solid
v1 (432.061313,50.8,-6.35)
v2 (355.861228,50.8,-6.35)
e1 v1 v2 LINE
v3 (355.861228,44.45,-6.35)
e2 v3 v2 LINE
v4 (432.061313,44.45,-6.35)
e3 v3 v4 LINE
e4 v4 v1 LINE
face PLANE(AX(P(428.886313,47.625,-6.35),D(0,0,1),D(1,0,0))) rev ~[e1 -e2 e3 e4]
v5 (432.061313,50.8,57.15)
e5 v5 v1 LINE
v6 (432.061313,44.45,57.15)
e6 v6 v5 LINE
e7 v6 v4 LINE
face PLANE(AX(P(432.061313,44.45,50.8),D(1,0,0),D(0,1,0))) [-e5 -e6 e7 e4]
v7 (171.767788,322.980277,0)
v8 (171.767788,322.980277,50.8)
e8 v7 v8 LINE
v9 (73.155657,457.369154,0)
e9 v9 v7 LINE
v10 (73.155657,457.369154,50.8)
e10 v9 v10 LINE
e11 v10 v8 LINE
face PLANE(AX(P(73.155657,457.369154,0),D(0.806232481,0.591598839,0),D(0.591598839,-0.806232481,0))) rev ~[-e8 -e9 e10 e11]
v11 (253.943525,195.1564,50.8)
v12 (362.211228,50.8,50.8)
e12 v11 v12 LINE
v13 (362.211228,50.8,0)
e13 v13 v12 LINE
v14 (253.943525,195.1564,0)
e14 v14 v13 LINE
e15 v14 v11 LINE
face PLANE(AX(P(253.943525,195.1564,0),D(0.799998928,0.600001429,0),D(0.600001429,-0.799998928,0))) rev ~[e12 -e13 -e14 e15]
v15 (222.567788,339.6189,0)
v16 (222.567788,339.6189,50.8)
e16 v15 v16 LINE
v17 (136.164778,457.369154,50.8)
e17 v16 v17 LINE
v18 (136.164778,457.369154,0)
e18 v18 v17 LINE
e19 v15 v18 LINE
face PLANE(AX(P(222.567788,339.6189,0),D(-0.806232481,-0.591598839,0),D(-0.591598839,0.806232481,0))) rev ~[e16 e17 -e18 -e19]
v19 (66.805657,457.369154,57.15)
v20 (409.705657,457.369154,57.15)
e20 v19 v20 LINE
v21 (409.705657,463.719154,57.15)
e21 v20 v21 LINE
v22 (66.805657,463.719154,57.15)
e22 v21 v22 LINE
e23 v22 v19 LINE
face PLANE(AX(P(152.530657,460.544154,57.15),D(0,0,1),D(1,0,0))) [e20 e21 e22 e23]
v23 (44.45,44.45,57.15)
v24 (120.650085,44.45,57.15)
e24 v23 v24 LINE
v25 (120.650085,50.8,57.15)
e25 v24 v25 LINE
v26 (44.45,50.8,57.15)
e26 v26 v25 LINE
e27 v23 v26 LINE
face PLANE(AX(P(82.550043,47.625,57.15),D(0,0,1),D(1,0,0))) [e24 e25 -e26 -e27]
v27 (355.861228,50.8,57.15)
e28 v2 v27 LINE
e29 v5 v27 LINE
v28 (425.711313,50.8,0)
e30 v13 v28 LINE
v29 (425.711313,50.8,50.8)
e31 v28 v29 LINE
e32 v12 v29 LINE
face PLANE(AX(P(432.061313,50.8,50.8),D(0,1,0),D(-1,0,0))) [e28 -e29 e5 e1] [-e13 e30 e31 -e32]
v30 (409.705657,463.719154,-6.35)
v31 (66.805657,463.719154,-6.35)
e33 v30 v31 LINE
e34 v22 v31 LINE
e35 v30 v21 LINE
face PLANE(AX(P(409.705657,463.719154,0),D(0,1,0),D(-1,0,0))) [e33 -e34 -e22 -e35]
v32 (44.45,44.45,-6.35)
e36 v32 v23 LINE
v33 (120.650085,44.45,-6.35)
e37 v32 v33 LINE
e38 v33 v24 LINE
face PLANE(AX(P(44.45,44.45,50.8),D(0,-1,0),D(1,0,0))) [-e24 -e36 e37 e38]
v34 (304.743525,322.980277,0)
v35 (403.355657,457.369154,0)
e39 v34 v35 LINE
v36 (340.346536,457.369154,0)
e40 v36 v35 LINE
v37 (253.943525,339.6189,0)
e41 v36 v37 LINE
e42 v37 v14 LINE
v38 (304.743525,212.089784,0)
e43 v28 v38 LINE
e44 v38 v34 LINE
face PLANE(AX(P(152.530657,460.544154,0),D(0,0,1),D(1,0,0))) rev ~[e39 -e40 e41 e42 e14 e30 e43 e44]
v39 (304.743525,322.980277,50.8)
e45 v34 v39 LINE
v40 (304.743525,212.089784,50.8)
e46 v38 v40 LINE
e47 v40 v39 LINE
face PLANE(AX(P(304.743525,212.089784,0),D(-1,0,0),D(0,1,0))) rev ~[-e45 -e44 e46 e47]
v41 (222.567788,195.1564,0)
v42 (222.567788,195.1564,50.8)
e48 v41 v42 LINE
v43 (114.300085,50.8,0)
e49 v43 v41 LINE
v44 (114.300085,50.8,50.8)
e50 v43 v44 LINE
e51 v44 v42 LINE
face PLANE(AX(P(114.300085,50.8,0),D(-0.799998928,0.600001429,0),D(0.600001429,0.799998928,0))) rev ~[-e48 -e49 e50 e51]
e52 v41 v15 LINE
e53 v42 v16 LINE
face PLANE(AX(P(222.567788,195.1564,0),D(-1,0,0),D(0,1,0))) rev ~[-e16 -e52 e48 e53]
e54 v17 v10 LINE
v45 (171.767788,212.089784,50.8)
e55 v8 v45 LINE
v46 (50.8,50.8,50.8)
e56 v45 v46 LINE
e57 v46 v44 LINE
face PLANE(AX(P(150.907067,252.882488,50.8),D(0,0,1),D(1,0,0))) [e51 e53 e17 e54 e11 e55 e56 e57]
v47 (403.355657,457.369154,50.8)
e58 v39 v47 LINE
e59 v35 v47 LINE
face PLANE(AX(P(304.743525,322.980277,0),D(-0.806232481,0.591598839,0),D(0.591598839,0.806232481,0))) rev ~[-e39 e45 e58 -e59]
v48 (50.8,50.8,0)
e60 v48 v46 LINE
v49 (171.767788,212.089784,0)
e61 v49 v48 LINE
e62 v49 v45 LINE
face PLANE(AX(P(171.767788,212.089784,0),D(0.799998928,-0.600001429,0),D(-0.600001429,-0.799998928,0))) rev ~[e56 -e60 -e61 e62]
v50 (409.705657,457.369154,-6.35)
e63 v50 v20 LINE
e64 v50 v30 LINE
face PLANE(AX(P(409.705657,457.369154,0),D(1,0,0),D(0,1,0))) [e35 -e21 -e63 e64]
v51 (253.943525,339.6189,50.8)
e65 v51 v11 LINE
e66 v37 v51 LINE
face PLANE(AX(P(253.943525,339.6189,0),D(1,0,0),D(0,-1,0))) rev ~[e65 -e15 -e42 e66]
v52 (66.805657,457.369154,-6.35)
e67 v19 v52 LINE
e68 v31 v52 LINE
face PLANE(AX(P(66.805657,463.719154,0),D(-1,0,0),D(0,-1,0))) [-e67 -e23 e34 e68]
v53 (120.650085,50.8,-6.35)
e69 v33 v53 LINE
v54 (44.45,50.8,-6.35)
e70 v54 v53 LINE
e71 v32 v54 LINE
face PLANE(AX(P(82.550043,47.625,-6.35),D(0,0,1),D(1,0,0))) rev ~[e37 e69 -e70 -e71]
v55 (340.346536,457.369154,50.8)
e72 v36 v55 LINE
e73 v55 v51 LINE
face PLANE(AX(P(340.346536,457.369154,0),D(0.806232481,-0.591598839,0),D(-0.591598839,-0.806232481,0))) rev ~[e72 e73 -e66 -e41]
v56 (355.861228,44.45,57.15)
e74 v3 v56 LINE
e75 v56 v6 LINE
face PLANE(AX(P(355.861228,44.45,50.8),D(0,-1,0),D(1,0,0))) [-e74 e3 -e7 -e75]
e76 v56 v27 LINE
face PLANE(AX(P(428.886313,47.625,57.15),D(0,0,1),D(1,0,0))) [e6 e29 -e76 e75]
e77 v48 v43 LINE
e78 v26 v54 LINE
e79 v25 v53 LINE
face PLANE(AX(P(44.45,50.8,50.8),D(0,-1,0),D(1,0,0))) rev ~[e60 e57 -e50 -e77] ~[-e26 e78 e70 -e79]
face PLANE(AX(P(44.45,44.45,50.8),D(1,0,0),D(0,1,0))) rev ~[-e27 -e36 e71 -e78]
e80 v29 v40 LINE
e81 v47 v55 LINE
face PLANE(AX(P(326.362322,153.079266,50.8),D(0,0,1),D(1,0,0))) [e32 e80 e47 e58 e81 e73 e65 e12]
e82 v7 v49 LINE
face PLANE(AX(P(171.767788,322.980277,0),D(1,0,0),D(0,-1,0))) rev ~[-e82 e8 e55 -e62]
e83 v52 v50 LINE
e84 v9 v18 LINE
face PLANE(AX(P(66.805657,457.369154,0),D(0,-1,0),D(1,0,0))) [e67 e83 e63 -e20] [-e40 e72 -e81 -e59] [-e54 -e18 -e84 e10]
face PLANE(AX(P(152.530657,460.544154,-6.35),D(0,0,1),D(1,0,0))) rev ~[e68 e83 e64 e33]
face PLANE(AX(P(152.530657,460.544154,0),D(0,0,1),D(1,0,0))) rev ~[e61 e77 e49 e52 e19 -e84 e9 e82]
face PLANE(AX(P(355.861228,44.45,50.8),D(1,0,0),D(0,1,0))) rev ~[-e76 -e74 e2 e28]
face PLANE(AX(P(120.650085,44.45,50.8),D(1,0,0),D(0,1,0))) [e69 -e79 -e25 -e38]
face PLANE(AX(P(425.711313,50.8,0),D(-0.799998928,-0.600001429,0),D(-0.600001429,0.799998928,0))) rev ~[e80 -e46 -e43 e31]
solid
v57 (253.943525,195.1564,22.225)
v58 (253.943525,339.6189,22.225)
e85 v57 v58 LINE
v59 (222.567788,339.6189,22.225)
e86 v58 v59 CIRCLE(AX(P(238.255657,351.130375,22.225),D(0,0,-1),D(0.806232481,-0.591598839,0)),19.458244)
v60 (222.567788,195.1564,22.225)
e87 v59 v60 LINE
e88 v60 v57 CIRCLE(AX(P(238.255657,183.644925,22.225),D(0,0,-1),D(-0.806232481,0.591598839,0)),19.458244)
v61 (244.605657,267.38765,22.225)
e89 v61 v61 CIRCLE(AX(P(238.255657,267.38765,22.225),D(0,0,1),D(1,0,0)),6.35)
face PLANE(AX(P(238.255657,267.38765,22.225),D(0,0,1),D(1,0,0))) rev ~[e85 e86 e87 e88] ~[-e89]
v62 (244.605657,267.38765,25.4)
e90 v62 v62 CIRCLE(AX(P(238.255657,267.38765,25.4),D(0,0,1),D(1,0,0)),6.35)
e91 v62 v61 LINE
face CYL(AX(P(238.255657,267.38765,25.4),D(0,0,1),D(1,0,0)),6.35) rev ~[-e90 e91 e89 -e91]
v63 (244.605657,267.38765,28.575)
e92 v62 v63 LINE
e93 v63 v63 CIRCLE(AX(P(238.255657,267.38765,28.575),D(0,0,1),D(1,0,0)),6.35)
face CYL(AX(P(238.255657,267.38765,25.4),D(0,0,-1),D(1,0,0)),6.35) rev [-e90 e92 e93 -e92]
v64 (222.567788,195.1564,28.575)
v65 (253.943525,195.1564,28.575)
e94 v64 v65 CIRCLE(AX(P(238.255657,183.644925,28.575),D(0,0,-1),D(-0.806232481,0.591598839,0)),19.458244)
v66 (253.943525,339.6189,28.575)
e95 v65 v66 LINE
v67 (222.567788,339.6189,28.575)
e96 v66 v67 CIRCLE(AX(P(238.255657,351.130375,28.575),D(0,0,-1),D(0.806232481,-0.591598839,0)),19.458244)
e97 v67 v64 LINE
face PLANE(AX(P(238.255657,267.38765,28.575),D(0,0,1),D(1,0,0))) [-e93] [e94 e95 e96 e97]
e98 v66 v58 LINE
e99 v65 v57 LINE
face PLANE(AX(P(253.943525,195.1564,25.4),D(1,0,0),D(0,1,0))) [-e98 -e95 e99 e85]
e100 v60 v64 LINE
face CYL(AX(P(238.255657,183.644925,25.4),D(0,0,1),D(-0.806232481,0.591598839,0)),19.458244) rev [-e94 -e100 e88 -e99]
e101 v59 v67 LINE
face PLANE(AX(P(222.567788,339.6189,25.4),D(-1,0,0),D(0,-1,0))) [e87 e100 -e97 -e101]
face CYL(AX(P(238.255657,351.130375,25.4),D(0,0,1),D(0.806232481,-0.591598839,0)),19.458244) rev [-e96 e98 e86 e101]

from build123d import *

# Parameters (mm, degrees)
F1_DEPTH      = 50.8
F3_DEPTH      = 57.15
F3_DEPTH_BACK = 6.35
F4_W          = 76.2000850783
F4_H          = 6.35
F4_W_2        = 6.35
F4_W_3        = 63.5000850783
F5_DEPTH      = 6.35
F5_DEPTH_BACK = 57.15
F7_R          = 6.35
F8_DEPTH      = 3.175
F8_DEPTH_BACK = 3.175


with BuildPart() as f1:
    # F0 (on Top) → F1 (new body)
    with BuildSketch(Plane.XY):
        Polygon((136.1647777329, 457.369154054), (73.1556566984, 457.369154054), (171.767788131, 322.9802773173), (171.767788131, 267.5350306093), (171.767788131, 212.0897839013), (50.8, 50.8), (114.3000850783, 50.8), (222.567788131, 195.1564001513), (222.567788131, 339.6189001513), align=None)
    extrude(amount=F1_DEPTH)



with BuildPart() as f1b:
    # F0 (on Top) → F1, piece 2 (new body)
    with BuildSketch(Plane.XY):
        Polygon((304.7435252659, 267.5350306093), (253.9435252659, 267.5350306093), (253.9435252659, 195.1564001513), (362.2112283186, 50.8), (425.7113133969, 50.8), (304.7435252659, 212.0897839013), align=None)
        Polygon((403.3556566984, 457.369154054), (340.3465356639, 457.369154054), (253.9435252659, 339.6189001513), (253.9435252659, 267.5350306093), (304.7435252659, 267.5350306093), (304.7435252659, 322.9802773173), align=None)
    extrude(amount=F1_DEPTH)


with BuildPart() as f1_1:
    add(f1.part)

    add(f1b.part)  # F3 merges F1b
    # F0 (on Top) → F3 (join, two sides)
    with BuildSketch(Plane.XY) as f3_sk:
        Polygon((66.8056566984, 457.369154054), (73.1556566984, 457.369154054), (136.1647777329, 457.369154054), (238.2556566984, 457.369154054), (238.2556566984, 463.719154054), (66.8056566984, 463.719154054), align=None)
        Polygon((238.2556566984, 463.719154054), (238.2556566984, 457.369154054), (340.3465356639, 457.369154054), (403.3556566984, 457.369154054), (409.7056566984, 457.369154054), (409.7056566984, 463.719154054), align=None)
    extrude(amount=F3_DEPTH)
    extrude(f3_sk.sketch, amount=-F3_DEPTH_BACK)

    # F4 (on face) → F5 (join, two sides)
    with BuildSketch(Plane.XY.offset(50.8)) as f5_sk:
        with Locations((82.5500425392, 47.625)):
            Rectangle(F4_W, F4_H)
        with Locations((428.8863133969, 47.625)):
            Rectangle(F4_W_2, F4_H)
        with Locations((393.9612708577, 47.625)):
            Rectangle(F4_W_3, F4_H)
        with Locations((359.0362283186, 47.625)):
            Rectangle(F4_W_2, F4_H)
    extrude(amount=F5_DEPTH)
    extrude(f5_sk.sketch, amount=-F5_DEPTH_BACK)


with BuildPart() as f8:
    # F7 (on offset) → F8 (new body, two sides)
    with BuildSketch(Plane.XY.offset(25.4)) as f8_sk:
        with BuildLine():
            ThreePointArc((253.9435252659, 339.6189001513), (238.2556566984, 331.672130592), (222.567788131, 339.6189001513))
            Line((222.567788131, 339.6189001513), (222.567788131, 195.1564001513))
            ThreePointArc((222.567788131, 195.1564001513), (238.2556566984, 203.1031697107), (253.9435252659, 195.1564001513))
            Line((253.9435252659, 195.1564001513), (253.9435252659, 339.6189001513))
        make_face()
        with Locations((238.2556566984, 267.3876501513)):
            Circle(F7_R, mode=Mode.SUBTRACT)
    extrude(amount=F8_DEPTH)
    extrude(f8_sk.sketch, amount=-F8_DEPTH_BACK)


solid = Compound([f1_1.part, f8.part])
